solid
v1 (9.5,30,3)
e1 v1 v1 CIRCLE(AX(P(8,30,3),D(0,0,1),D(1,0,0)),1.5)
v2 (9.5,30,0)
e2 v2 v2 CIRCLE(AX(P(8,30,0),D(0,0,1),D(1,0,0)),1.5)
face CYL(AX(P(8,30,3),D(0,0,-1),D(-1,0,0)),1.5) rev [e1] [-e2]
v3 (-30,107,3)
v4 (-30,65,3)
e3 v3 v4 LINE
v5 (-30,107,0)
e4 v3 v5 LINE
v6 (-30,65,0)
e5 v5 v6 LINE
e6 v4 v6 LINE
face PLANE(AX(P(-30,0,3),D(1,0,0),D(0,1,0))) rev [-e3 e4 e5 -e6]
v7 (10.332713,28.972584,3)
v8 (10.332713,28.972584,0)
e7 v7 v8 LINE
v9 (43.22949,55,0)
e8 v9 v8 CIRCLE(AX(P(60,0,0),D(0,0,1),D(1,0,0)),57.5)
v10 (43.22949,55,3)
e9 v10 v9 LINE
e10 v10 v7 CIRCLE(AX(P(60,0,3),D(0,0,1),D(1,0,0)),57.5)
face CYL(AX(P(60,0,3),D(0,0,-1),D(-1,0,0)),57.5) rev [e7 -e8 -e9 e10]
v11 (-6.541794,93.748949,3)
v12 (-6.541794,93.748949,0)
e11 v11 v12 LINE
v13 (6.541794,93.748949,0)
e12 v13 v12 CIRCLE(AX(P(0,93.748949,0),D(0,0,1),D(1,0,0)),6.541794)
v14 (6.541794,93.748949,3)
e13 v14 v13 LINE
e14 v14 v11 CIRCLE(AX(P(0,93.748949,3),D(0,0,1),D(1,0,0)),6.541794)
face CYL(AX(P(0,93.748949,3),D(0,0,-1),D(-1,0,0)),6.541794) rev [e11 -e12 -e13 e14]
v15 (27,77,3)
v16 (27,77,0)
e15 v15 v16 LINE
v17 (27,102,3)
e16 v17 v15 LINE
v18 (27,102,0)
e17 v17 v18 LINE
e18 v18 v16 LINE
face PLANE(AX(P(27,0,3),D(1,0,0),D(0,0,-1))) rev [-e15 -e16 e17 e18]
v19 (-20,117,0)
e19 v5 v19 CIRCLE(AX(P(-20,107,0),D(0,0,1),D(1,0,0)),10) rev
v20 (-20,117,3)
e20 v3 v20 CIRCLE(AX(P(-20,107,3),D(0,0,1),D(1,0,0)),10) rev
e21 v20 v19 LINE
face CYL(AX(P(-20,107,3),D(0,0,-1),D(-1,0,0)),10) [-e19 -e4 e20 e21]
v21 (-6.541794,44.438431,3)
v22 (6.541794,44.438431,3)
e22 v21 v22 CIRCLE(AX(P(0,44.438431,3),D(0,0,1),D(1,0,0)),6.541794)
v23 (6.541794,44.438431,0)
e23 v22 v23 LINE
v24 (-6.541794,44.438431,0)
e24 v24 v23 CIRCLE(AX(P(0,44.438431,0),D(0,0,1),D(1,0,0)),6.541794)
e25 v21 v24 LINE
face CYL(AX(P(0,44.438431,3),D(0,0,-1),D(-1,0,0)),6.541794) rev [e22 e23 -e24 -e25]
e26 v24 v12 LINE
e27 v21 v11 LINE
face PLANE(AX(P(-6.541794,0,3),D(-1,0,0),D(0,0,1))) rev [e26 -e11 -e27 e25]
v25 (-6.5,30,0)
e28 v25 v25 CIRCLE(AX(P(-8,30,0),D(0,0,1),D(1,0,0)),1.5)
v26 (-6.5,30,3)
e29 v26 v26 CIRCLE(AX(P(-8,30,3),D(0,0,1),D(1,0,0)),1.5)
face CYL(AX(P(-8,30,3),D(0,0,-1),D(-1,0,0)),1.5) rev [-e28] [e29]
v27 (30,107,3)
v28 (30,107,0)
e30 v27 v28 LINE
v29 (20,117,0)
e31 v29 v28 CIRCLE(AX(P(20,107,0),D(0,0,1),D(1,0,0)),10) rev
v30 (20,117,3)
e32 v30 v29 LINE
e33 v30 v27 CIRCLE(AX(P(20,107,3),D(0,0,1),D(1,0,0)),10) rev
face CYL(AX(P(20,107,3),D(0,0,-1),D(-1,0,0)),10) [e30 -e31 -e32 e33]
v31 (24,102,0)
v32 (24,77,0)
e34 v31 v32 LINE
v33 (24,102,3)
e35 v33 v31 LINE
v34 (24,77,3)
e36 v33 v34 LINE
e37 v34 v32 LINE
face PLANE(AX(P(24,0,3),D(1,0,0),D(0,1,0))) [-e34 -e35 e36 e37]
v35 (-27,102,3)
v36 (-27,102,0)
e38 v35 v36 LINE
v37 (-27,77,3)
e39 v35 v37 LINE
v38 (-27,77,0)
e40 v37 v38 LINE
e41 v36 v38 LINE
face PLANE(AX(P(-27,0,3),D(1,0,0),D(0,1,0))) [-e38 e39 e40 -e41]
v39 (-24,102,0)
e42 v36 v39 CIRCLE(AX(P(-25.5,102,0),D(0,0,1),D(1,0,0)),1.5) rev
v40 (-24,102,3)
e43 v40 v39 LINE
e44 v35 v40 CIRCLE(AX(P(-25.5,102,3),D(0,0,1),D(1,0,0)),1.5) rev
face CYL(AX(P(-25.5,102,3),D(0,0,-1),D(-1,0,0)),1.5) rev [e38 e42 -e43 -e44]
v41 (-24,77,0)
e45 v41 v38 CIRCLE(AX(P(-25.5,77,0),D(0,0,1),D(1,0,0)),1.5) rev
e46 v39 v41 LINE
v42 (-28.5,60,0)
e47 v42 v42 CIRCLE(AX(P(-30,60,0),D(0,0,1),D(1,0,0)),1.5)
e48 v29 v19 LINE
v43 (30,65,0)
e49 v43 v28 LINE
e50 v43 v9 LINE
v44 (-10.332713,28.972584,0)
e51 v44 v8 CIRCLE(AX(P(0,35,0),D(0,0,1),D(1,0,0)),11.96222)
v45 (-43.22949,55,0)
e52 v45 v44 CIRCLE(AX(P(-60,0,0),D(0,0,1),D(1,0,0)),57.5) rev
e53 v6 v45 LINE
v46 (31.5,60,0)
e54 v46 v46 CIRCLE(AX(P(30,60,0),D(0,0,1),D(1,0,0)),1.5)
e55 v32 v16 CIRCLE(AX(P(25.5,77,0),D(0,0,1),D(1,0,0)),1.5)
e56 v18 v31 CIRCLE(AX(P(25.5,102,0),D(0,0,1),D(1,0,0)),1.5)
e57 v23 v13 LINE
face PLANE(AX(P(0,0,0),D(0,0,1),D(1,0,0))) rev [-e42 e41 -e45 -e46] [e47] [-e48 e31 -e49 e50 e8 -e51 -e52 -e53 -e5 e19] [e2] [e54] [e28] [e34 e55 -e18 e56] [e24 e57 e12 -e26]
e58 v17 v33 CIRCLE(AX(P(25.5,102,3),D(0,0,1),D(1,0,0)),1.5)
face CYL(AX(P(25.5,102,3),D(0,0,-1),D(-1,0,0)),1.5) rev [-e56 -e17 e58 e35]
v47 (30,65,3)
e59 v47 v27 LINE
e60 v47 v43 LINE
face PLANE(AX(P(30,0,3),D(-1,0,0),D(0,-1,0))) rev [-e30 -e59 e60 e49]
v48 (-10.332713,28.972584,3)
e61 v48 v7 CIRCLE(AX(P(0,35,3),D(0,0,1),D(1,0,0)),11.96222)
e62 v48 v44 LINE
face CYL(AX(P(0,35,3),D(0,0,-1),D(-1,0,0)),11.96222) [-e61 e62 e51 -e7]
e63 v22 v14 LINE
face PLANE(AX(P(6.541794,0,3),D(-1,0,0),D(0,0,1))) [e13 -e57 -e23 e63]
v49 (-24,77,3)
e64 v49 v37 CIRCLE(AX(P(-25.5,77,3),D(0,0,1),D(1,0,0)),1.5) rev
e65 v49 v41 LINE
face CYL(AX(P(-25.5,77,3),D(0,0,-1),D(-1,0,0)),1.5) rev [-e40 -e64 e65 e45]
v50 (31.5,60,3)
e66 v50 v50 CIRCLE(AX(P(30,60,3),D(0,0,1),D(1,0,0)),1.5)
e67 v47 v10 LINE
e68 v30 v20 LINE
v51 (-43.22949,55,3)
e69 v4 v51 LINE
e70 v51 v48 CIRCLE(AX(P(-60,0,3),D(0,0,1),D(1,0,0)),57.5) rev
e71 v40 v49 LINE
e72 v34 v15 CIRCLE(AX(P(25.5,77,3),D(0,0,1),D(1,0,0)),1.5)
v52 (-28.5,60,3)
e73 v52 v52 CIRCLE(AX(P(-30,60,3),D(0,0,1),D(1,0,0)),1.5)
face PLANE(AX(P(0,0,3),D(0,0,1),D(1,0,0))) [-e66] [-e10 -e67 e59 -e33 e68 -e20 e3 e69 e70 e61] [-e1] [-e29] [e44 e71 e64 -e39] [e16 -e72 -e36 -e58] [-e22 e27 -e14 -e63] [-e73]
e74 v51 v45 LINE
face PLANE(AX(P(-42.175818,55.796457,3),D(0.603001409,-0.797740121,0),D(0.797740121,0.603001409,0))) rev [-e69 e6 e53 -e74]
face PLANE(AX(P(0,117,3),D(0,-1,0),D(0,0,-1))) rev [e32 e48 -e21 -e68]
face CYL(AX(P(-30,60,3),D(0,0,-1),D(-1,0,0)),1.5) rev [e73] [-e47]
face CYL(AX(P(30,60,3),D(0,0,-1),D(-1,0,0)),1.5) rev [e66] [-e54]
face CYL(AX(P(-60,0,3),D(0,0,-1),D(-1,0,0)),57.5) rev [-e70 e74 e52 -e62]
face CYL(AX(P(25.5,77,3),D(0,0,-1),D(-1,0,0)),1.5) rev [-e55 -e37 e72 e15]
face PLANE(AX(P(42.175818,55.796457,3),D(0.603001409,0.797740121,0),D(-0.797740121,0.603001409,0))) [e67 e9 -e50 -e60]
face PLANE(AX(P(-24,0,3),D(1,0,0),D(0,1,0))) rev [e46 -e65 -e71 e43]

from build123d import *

# Parameters (mm, degrees)
SKETCH_1_R      = 1.5
EXTRUDE_1_DEPTH = 3


with BuildPart() as part:
    # 草图1 → 凸台-拉伸1 (new body)
    with BuildSketch(Plane.XY):
        with BuildLine():
            Line((30, 65), (43.229490169, 55))
            ThreePointArc((43.229490169, 55), (24.322951332, 45.093216766), (10.332713198, 28.972583968))
            ThreePointArc((10.332713198, 28.972583968), (0, 23.037780053), (-10.332713198, 28.972583968))
            ThreePointArc((-10.332713198, 28.972583968), (-24.322951332, 45.093216766), (-43.229490169, 55))
            Line((-43.229490169, 55), (-30, 65))
            Line((-30, 65), (-30, 107))
            ThreePointArc((-30, 107), (-27.071067812, 114.071067812), (-20, 117))
            Line((-20, 117), (20, 117))
            ThreePointArc((20, 117), (27.071067812, 114.071067812), (30, 107))
            Line((30, 107), (30, 65))
        make_face()
        with Locations((-30, 60)):
            Circle(SKETCH_1_R, mode=Mode.SUBTRACT)
        with Locations((-8, 30)):
            Circle(SKETCH_1_R, mode=Mode.SUBTRACT)
        with Locations((8, 30)):
            Circle(SKETCH_1_R, mode=Mode.SUBTRACT)
        with Locations((30, 60)):
            Circle(SKETCH_1_R, mode=Mode.SUBTRACT)
        with BuildLine():
            Line((27, 102), (27, 77))
            ThreePointArc((27, 77), (25.5, 75.5), (24, 77))
            Line((24, 77), (24, 102))
            ThreePointArc((24, 102), (25.5, 103.5), (27, 102))
        make_face(mode=Mode.SUBTRACT)
        with BuildLine():
            Line((-27, 102), (-27, 77))
            ThreePointArc((-27, 77), (-25.5, 75.5), (-24, 77))
            Line((-24, 77), (-24, 102))
            ThreePointArc((-24, 102), (-25.5, 103.5), (-27, 102))
        make_face(mode=Mode.SUBTRACT)
        with BuildLine():
            Line((-6.54179371, 44.438430627), (-6.54179371, 93.748949186))
            ThreePointArc((-6.54179371, 93.748949186), (0, 100.290742896), (6.54179371, 93.748949186))
            Line((6.54179371, 93.748949186), (6.54179371, 44.438430627))
            ThreePointArc((6.54179371, 44.438430627), (0, 37.896636917), (-6.54179371, 44.438430627))
        make_face(mode=Mode.SUBTRACT)
    extrude(amount=EXTRUDE_1_DEPTH)


solid = part.part
